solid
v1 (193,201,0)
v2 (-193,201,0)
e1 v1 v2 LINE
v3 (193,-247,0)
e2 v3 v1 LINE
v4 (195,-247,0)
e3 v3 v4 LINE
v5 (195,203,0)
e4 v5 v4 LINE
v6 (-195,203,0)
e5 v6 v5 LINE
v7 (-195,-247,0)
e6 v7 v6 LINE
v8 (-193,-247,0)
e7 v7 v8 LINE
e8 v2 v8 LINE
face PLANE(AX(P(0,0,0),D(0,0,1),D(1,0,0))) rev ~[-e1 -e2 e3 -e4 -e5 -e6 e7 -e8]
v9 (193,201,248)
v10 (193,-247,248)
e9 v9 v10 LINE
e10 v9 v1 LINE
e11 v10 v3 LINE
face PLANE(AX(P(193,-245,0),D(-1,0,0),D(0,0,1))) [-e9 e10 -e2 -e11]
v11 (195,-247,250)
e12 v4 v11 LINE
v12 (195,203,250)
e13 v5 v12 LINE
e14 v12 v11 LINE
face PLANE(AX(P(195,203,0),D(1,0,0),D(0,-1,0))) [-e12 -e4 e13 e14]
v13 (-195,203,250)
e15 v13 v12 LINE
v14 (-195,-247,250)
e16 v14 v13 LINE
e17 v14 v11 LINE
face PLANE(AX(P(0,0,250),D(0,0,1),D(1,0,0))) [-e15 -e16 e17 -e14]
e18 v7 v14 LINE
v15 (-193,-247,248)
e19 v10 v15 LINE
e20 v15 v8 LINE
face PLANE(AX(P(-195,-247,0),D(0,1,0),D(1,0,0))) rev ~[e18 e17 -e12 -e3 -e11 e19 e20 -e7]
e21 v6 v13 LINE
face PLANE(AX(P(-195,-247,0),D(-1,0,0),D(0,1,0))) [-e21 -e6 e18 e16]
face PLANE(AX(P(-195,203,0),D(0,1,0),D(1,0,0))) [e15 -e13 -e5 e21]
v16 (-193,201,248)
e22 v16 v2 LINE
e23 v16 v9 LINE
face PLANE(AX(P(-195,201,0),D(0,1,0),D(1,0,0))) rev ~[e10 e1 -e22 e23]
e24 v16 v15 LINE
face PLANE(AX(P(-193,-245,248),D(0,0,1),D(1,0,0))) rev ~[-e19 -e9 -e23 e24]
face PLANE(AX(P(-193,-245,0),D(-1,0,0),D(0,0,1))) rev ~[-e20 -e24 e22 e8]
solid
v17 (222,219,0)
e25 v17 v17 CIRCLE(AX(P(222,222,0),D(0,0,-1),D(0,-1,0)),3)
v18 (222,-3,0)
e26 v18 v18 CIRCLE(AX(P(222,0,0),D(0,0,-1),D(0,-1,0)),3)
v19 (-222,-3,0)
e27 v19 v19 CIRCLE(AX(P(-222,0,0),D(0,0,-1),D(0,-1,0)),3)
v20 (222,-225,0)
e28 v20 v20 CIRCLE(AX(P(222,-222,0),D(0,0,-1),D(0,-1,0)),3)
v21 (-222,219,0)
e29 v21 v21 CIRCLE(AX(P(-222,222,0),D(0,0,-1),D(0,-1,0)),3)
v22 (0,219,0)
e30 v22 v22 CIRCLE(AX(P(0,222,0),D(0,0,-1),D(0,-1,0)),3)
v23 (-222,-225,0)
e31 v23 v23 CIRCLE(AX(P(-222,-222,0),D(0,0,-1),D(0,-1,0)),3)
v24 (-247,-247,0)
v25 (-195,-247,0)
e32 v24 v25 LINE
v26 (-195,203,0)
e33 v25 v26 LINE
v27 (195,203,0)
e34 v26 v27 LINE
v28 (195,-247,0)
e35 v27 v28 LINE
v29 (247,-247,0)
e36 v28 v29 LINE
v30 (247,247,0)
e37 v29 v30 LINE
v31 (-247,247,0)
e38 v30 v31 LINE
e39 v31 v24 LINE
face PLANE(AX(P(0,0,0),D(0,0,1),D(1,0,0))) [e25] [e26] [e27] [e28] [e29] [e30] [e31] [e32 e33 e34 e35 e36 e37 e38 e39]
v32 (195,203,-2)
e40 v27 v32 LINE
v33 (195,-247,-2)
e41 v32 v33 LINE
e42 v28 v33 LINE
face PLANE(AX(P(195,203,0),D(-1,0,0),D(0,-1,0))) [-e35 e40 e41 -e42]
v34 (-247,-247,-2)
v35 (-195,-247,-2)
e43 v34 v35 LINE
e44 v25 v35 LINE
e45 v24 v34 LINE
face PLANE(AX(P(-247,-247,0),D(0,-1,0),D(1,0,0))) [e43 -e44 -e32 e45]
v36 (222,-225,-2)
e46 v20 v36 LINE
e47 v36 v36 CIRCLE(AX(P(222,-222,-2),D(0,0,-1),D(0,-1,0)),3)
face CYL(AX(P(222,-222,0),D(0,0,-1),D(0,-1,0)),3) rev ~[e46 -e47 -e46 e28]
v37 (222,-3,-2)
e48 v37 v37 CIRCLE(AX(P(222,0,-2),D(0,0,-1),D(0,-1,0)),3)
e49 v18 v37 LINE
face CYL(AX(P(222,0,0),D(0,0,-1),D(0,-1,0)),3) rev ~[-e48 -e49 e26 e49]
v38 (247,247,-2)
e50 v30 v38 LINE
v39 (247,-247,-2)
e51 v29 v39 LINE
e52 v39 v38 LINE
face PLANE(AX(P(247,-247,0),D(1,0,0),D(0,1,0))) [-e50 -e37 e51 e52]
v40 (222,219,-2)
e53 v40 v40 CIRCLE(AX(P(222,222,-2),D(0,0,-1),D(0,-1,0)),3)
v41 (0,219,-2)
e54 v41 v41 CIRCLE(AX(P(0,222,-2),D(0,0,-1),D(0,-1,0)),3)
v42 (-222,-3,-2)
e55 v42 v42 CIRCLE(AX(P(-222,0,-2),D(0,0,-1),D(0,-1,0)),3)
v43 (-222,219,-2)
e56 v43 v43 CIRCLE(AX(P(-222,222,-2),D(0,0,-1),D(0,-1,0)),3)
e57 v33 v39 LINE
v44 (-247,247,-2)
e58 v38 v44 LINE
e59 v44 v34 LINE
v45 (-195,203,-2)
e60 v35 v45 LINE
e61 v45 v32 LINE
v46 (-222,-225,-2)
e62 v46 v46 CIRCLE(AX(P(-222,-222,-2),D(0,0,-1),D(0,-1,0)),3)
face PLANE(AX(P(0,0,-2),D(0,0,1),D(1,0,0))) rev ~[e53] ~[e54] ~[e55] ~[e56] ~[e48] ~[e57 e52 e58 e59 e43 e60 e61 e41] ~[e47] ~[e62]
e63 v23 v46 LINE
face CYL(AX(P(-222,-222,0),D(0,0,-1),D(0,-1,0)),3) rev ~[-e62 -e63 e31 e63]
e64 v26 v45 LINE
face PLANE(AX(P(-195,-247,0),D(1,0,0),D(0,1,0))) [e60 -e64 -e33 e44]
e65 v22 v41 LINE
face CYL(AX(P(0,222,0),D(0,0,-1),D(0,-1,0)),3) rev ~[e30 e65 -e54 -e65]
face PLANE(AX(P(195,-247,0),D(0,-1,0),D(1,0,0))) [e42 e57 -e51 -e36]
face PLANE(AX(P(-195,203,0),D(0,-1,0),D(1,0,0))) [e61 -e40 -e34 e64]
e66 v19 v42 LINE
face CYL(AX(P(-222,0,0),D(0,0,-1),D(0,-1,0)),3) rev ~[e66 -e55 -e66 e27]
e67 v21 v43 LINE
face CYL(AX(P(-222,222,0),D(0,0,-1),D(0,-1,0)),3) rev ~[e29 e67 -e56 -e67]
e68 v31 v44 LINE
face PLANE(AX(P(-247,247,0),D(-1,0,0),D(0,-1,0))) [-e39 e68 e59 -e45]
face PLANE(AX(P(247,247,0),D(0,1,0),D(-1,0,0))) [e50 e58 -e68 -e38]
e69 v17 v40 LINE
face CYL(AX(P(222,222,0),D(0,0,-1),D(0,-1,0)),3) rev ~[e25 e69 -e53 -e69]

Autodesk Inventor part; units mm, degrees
ref_plane "YZ Plane" through (0, 0, 0) normal (1, 0, 0) x (0, 1, 0)
ref_plane "XZ Plane" through (0, 0, 0) normal (0, 1, 0) x (-1, 0, 0)
ref_plane "XY Plane" through (0, 0, 0) normal (0, 0, 1) x (1, 0, 0)
sketch "Sketch1" plane through (0, 0, 0) normal (0, 0, 1) x (1, 0, 0)
  line L0 (-247, -247) -> (247, -247)
  line L1 (247, -247) -> (247, 247)
  line L2 (247, 247) -> (-247, 247)
  line L3 (-247, 247) -> (-247, -247)
  line L4 (-247, -247) -> (247, 247) construction
  line L5 (247, -247) -> (-247, 247) construction
  line L6 (-195, -247) -> (-195, 203)
  line L7 (-195, 203) -> (195, 203)
  line L8 (195, 203) -> (195, -247)
  line L9 (195, -247) -> (-195, -247)
  line L10 (0, 247) -> (0, -247) construction
  point P0 (0, 0)
  dimension "d0" = 494
  dimension "d1" = 494
  dimension "d4" = 390
  dimension "d5" = 450
extrude "Extrusion2" add sketch "Sketch1" along normal blind 250 contours L6 L7 L8 L0
shell "Shell2" thickness 2 removed faces 1 at (65, -97, 0)
extrude "Extrusion3" add sketch "Sketch1" against normal blind 2 contours L3 L2 L1 L0 L8 L7 L6
hole "Hole1" at (-222, 222, 0) direction (0, 0, -1) diameter 6 end through all
pattern_linear "Rectangular Pattern1" count 3 spacing 222 along (1, 0, 0) count 3 spacing 222 along (0, -1, 0) of "Hole1"
sketch "Sketch2" plane through (-193, -245, 0) normal (0, 1, 0) x (1, 0, 0)
  line L0 (0, 0) -> (386, 0) projected
  line L1 (0, 0) -> (0, -248) projected
  line L2 (0, -248) -> (386, -248) projected
  line L3 (386, 0) -> (386, -248) projected
  point P0 (193, 0)
extrude "Extrusion4" cut sketch "Sketch2" against normal up to next
properties part number "SidePanelCover"
